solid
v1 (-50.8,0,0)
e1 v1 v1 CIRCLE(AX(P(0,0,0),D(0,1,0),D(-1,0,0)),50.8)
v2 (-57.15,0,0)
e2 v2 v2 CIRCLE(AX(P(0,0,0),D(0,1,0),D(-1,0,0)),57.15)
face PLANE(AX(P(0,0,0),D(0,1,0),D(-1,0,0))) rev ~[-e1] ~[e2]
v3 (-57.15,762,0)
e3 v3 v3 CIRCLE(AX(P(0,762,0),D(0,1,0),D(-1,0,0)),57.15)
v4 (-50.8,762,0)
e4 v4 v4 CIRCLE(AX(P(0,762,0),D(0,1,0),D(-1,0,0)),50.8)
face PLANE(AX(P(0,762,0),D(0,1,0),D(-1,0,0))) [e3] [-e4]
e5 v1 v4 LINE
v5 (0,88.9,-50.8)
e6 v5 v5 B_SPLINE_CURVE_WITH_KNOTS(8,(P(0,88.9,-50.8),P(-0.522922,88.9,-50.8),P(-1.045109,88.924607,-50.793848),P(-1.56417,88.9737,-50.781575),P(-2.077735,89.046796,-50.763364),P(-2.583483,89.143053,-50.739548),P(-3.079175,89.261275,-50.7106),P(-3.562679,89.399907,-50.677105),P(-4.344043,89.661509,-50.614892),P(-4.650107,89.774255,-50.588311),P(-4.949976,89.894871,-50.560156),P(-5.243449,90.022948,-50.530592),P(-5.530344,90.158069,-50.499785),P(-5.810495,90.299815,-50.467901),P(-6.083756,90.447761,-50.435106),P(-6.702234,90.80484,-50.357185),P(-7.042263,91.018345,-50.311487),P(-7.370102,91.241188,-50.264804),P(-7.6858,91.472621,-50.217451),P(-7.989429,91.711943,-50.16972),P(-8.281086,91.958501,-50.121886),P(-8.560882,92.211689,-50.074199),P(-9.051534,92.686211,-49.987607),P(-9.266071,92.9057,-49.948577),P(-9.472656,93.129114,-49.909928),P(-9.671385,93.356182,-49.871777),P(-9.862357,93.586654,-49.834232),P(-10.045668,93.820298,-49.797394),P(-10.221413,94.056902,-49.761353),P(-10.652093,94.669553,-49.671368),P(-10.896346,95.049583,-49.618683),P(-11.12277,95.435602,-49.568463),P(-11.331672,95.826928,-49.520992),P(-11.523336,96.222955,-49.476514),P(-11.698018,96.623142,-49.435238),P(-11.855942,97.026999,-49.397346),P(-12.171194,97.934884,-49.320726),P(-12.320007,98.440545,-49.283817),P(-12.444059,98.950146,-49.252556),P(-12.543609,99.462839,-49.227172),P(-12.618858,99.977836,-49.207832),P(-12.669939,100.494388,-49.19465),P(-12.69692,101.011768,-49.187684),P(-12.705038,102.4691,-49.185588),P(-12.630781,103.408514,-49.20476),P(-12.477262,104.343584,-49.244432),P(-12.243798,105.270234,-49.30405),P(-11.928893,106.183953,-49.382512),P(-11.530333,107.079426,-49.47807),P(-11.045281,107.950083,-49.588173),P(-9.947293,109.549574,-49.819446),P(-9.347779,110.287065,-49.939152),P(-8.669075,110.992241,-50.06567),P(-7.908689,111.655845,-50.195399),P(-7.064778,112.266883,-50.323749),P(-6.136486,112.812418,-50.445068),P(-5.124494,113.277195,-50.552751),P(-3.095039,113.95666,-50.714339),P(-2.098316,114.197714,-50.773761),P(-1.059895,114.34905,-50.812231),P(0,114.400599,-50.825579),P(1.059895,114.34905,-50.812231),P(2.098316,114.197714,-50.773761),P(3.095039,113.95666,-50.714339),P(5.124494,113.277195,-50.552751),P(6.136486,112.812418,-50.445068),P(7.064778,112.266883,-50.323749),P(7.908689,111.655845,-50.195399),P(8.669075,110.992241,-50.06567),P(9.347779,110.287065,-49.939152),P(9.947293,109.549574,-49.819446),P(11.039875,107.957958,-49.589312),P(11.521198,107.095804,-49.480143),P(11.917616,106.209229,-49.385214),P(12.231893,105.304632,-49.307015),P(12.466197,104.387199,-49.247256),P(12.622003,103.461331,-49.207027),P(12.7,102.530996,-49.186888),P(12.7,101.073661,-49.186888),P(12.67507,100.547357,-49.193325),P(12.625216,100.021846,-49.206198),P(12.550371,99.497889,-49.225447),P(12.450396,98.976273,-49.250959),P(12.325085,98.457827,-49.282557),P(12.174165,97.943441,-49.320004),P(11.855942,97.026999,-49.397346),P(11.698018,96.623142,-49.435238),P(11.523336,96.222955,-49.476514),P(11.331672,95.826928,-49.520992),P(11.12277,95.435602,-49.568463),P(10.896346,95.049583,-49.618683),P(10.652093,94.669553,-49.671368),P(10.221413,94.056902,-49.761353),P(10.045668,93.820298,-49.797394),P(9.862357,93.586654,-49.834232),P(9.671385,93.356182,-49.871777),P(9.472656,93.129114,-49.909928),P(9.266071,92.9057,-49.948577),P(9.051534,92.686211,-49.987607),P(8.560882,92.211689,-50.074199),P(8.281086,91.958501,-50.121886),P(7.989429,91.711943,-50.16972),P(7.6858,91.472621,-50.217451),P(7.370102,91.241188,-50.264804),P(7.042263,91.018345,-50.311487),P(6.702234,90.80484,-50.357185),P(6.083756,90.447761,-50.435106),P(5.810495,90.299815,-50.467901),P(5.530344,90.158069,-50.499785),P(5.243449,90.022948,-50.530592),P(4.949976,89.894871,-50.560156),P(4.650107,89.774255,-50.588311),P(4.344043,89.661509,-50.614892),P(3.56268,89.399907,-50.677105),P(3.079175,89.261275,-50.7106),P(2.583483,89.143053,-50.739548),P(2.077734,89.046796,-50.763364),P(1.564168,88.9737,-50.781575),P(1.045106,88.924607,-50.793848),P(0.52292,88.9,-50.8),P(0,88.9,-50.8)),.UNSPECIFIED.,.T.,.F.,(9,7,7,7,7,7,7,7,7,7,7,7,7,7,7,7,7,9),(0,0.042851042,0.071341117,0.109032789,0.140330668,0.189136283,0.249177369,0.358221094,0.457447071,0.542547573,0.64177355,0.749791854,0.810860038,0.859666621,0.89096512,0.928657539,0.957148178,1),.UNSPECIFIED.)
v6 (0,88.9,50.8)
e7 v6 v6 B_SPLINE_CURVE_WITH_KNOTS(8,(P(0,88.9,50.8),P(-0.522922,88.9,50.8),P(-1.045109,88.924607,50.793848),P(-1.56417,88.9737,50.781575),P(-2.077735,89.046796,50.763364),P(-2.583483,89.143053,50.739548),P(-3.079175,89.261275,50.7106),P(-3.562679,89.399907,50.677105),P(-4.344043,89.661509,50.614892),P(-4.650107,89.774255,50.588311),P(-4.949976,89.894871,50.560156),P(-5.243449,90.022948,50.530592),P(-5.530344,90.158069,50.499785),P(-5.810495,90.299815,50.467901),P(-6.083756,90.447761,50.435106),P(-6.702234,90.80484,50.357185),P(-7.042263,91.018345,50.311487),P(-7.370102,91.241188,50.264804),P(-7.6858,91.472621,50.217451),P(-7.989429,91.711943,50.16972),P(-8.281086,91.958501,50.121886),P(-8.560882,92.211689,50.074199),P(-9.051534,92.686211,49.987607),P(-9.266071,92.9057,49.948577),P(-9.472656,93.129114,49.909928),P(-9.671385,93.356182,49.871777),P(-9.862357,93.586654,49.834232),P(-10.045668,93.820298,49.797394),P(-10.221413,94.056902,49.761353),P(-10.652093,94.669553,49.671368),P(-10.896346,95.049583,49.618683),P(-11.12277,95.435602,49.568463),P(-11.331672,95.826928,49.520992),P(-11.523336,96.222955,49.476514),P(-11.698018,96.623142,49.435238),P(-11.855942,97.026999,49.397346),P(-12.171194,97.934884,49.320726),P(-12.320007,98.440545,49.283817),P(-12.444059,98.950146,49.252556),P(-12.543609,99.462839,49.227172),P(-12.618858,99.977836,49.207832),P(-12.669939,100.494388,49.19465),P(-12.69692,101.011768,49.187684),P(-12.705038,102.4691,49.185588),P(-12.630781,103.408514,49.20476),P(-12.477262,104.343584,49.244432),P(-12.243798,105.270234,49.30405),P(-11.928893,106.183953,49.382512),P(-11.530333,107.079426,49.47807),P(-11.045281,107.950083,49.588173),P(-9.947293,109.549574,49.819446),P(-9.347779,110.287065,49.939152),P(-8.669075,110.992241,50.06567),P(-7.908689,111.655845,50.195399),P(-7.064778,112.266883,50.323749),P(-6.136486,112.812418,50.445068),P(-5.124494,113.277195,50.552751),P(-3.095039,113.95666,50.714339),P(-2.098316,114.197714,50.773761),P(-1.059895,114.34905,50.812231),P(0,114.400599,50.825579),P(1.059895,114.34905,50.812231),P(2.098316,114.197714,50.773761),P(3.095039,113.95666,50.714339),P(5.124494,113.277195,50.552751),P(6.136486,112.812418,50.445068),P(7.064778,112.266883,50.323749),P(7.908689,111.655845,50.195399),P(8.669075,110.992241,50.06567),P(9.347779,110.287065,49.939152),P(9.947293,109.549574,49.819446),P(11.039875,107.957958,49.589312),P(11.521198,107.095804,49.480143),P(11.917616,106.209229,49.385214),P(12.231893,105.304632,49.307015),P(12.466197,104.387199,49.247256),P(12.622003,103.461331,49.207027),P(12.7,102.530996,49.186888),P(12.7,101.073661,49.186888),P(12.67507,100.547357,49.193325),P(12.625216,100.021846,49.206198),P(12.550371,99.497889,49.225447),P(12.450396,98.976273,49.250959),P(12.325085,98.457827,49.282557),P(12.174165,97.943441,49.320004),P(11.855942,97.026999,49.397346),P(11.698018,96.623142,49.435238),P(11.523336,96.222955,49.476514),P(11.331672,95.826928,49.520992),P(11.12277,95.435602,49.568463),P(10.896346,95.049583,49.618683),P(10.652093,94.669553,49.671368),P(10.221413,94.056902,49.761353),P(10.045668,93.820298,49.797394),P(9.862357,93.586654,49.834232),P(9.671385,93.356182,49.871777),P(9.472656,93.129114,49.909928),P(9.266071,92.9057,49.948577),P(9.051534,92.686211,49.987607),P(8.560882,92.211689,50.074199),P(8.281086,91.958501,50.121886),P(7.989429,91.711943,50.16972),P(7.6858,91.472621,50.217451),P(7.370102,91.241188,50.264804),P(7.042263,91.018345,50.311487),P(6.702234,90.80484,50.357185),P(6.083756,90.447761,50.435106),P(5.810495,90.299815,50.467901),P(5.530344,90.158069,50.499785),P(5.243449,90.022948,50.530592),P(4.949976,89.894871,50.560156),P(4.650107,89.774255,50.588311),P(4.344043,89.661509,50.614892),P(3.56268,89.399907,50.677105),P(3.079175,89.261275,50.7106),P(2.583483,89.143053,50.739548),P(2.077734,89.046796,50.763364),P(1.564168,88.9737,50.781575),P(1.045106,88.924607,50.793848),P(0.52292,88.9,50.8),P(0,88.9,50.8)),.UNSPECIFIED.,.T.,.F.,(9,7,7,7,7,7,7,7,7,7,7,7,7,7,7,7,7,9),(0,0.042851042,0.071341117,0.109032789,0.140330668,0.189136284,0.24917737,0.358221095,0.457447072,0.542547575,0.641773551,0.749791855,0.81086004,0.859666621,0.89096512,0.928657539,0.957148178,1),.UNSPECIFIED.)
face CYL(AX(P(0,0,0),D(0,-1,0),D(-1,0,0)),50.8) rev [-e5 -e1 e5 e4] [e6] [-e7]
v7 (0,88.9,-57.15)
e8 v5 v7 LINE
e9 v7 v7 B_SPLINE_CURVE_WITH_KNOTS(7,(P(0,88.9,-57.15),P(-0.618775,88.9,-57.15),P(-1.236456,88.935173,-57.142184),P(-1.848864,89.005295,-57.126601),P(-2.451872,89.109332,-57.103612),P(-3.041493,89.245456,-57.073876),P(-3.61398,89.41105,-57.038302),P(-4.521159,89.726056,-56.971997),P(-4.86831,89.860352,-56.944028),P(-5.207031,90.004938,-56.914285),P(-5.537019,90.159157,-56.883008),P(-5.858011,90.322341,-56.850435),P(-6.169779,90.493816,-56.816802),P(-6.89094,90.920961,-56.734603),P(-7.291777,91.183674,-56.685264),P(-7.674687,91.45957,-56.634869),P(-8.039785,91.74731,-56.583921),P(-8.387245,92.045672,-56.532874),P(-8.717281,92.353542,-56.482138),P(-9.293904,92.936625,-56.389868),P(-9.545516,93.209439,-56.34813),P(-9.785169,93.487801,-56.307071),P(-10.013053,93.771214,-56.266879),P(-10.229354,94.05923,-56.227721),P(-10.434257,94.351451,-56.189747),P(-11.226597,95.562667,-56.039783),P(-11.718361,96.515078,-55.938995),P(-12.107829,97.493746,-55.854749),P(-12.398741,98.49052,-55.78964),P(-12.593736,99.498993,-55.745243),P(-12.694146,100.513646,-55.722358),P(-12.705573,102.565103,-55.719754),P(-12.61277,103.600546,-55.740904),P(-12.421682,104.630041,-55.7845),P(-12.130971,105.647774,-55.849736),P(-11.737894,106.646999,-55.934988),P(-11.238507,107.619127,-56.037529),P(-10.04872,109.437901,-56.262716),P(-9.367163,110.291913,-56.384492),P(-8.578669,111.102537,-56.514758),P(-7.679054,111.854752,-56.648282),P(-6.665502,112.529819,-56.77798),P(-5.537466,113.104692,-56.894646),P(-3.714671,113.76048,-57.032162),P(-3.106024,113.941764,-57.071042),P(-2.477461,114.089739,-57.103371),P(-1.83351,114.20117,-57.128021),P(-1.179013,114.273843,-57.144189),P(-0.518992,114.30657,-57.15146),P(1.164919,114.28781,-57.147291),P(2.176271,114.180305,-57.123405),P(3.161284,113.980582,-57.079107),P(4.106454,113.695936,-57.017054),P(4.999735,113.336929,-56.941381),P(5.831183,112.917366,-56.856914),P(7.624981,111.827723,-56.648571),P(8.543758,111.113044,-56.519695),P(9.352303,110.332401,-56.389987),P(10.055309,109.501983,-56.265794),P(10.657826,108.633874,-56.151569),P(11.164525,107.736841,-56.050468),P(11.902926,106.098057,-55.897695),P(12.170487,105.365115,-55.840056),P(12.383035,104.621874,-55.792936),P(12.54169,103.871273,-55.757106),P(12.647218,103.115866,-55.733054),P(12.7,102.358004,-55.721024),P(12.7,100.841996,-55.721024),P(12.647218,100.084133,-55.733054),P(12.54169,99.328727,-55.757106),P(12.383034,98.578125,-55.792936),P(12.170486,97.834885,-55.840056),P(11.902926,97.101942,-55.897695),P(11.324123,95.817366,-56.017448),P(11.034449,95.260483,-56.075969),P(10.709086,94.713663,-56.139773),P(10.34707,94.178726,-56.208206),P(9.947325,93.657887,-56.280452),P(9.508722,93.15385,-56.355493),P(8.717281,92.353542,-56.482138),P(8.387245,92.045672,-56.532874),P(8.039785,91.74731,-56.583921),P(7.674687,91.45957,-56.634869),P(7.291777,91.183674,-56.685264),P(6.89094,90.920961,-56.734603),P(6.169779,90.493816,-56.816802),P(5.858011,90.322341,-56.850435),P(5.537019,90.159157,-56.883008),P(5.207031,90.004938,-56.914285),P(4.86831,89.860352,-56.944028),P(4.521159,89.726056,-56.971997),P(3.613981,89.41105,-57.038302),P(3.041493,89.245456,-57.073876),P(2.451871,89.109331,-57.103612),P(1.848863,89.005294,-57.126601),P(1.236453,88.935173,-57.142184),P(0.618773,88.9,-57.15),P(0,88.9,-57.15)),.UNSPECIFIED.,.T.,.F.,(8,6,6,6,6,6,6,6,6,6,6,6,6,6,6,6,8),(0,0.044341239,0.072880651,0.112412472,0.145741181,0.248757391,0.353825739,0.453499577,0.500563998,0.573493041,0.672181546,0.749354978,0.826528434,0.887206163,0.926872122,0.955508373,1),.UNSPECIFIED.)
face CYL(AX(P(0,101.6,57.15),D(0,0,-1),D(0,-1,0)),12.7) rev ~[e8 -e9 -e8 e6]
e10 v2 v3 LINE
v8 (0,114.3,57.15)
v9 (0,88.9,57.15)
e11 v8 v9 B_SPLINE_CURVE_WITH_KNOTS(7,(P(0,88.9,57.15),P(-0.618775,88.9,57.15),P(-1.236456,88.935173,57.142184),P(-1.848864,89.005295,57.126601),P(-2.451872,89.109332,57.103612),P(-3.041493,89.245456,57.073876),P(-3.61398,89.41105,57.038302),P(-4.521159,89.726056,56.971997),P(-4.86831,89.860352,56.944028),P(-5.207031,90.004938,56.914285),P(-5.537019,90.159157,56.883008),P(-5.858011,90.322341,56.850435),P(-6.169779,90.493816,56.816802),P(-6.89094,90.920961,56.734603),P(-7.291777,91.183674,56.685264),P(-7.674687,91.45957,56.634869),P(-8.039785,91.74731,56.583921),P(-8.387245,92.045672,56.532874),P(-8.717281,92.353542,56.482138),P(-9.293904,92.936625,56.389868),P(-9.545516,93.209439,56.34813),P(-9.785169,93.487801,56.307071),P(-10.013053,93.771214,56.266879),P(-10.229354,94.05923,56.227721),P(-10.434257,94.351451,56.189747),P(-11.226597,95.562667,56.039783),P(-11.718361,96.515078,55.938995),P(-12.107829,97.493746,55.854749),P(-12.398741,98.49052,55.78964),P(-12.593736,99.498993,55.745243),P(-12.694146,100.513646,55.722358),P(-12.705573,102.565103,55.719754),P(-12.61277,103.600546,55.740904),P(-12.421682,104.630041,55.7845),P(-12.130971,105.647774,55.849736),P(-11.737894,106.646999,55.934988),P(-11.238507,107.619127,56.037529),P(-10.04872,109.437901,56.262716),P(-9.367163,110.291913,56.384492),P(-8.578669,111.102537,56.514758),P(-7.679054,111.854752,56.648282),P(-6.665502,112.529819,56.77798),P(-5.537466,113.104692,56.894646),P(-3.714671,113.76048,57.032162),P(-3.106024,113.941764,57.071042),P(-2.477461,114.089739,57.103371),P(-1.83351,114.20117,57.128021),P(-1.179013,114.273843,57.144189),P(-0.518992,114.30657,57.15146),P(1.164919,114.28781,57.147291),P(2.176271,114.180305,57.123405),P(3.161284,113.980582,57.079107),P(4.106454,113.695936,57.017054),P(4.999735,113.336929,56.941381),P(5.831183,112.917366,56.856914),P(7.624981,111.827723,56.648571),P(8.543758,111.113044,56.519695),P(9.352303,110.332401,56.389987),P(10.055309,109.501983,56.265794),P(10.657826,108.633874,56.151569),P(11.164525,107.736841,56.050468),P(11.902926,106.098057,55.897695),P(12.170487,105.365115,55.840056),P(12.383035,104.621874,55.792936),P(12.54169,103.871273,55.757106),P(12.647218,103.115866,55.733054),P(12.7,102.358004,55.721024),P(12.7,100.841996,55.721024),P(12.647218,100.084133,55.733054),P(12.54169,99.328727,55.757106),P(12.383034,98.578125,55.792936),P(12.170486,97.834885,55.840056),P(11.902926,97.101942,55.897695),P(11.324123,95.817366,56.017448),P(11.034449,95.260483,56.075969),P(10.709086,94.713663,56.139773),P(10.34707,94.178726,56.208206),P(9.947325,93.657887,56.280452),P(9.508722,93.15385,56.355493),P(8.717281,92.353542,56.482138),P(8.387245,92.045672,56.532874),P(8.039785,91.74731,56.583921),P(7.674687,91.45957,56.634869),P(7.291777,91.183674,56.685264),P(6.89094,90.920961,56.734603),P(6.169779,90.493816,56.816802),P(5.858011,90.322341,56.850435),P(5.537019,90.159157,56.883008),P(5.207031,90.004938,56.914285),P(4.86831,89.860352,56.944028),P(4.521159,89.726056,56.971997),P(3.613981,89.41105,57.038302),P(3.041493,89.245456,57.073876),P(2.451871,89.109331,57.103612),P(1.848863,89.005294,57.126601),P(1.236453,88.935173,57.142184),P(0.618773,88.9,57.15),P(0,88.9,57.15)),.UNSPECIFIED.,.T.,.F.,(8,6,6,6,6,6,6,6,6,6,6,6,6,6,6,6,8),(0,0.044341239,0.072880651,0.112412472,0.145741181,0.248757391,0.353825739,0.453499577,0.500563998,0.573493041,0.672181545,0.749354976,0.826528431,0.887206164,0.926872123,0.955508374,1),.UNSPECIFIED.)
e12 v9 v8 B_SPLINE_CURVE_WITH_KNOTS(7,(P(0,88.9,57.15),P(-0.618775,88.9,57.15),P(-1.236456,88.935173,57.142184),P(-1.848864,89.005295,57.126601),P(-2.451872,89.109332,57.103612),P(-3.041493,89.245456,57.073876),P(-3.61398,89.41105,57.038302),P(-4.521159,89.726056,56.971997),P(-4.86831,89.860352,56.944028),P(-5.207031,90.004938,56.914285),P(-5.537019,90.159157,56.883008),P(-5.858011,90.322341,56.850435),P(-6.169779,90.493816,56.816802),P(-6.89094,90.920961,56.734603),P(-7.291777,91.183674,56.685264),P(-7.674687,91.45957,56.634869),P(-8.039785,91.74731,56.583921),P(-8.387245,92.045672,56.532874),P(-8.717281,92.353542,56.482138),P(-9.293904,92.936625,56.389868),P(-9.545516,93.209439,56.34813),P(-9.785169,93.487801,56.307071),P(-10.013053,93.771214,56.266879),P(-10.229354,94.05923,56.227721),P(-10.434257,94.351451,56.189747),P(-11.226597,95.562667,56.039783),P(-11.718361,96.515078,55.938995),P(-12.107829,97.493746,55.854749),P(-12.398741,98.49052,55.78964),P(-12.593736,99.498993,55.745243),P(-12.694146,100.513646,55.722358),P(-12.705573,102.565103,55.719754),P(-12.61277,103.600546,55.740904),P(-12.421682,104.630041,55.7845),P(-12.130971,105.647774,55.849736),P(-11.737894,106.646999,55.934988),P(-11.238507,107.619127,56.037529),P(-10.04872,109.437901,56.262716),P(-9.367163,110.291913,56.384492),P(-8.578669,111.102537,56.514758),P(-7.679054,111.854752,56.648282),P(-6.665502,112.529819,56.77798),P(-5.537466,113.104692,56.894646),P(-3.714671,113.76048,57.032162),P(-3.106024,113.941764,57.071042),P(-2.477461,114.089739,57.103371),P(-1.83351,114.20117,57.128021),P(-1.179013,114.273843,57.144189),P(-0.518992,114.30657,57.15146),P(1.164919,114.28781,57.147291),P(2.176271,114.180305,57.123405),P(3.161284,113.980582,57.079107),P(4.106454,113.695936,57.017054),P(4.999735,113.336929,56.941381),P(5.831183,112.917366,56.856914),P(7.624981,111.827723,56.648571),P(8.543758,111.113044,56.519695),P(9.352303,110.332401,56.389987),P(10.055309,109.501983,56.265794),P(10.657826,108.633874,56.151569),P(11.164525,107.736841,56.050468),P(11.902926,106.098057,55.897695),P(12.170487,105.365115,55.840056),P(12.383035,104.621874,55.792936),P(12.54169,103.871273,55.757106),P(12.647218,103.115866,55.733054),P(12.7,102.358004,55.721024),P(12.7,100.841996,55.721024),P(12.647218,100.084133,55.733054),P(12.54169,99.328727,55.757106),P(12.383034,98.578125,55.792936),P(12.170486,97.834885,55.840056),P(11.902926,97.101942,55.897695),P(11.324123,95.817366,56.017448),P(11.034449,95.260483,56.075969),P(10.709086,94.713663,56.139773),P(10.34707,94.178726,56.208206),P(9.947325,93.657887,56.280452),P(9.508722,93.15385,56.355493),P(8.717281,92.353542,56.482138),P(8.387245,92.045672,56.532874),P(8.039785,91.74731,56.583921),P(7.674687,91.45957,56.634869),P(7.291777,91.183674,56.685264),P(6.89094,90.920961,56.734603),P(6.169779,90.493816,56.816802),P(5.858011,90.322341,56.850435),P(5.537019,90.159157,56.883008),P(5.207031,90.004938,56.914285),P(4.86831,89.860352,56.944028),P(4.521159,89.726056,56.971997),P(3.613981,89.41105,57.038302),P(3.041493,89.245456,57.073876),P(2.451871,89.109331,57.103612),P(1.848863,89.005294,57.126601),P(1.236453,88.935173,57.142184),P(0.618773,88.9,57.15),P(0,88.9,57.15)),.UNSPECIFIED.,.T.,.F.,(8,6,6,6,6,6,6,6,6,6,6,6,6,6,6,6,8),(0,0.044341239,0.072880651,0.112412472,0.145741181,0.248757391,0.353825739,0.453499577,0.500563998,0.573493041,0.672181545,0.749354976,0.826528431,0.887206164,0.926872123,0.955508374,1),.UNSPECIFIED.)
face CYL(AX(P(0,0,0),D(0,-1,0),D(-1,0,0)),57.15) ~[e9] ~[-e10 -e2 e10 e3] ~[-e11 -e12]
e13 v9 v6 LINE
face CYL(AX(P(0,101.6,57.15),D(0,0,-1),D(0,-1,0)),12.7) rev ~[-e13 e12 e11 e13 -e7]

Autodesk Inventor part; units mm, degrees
ref_plane "YZ Plane" through (0, 0, 0) normal (1, 0, 0) x (0, 1, 0)
ref_plane "XZ Plane" through (0, 0, 0) normal (0, 1, 0) x (-1, 0, 0)
sketch "Sketch1" plane through (0, 0, 0) normal (0, 1, 0) x (-1, 0, 0)
  circle A0 centre (0, 0) radius 57.15
  circle A1 centre (0, 0) radius 50.8
  dimension "d0" = 114.3
  dimension "d1" = 101.6
extrude "Extrusion1" add sketch "Sketch1" along normal blind 762
ref_plane "Work Plane1" through (0, 0, 57.15) normal (0, 0, 1) x (1, 0, 0)
sketch "Sketch2" plane through (0, 0, 57.15) normal (0, 0, 1) x (1, 0, 0)
  line L0 (0, 0) -> (0, 101.6)
  circle A0 centre (0, 101.6) radius 12.7
  dimension "d4" = 101.6
  dimension "d5" = 25.4
hole "Hole1" at (0, 101.6, 57.15) direction (0, 0, -1) diameter 25.4 end through all
properties part number "leg"
